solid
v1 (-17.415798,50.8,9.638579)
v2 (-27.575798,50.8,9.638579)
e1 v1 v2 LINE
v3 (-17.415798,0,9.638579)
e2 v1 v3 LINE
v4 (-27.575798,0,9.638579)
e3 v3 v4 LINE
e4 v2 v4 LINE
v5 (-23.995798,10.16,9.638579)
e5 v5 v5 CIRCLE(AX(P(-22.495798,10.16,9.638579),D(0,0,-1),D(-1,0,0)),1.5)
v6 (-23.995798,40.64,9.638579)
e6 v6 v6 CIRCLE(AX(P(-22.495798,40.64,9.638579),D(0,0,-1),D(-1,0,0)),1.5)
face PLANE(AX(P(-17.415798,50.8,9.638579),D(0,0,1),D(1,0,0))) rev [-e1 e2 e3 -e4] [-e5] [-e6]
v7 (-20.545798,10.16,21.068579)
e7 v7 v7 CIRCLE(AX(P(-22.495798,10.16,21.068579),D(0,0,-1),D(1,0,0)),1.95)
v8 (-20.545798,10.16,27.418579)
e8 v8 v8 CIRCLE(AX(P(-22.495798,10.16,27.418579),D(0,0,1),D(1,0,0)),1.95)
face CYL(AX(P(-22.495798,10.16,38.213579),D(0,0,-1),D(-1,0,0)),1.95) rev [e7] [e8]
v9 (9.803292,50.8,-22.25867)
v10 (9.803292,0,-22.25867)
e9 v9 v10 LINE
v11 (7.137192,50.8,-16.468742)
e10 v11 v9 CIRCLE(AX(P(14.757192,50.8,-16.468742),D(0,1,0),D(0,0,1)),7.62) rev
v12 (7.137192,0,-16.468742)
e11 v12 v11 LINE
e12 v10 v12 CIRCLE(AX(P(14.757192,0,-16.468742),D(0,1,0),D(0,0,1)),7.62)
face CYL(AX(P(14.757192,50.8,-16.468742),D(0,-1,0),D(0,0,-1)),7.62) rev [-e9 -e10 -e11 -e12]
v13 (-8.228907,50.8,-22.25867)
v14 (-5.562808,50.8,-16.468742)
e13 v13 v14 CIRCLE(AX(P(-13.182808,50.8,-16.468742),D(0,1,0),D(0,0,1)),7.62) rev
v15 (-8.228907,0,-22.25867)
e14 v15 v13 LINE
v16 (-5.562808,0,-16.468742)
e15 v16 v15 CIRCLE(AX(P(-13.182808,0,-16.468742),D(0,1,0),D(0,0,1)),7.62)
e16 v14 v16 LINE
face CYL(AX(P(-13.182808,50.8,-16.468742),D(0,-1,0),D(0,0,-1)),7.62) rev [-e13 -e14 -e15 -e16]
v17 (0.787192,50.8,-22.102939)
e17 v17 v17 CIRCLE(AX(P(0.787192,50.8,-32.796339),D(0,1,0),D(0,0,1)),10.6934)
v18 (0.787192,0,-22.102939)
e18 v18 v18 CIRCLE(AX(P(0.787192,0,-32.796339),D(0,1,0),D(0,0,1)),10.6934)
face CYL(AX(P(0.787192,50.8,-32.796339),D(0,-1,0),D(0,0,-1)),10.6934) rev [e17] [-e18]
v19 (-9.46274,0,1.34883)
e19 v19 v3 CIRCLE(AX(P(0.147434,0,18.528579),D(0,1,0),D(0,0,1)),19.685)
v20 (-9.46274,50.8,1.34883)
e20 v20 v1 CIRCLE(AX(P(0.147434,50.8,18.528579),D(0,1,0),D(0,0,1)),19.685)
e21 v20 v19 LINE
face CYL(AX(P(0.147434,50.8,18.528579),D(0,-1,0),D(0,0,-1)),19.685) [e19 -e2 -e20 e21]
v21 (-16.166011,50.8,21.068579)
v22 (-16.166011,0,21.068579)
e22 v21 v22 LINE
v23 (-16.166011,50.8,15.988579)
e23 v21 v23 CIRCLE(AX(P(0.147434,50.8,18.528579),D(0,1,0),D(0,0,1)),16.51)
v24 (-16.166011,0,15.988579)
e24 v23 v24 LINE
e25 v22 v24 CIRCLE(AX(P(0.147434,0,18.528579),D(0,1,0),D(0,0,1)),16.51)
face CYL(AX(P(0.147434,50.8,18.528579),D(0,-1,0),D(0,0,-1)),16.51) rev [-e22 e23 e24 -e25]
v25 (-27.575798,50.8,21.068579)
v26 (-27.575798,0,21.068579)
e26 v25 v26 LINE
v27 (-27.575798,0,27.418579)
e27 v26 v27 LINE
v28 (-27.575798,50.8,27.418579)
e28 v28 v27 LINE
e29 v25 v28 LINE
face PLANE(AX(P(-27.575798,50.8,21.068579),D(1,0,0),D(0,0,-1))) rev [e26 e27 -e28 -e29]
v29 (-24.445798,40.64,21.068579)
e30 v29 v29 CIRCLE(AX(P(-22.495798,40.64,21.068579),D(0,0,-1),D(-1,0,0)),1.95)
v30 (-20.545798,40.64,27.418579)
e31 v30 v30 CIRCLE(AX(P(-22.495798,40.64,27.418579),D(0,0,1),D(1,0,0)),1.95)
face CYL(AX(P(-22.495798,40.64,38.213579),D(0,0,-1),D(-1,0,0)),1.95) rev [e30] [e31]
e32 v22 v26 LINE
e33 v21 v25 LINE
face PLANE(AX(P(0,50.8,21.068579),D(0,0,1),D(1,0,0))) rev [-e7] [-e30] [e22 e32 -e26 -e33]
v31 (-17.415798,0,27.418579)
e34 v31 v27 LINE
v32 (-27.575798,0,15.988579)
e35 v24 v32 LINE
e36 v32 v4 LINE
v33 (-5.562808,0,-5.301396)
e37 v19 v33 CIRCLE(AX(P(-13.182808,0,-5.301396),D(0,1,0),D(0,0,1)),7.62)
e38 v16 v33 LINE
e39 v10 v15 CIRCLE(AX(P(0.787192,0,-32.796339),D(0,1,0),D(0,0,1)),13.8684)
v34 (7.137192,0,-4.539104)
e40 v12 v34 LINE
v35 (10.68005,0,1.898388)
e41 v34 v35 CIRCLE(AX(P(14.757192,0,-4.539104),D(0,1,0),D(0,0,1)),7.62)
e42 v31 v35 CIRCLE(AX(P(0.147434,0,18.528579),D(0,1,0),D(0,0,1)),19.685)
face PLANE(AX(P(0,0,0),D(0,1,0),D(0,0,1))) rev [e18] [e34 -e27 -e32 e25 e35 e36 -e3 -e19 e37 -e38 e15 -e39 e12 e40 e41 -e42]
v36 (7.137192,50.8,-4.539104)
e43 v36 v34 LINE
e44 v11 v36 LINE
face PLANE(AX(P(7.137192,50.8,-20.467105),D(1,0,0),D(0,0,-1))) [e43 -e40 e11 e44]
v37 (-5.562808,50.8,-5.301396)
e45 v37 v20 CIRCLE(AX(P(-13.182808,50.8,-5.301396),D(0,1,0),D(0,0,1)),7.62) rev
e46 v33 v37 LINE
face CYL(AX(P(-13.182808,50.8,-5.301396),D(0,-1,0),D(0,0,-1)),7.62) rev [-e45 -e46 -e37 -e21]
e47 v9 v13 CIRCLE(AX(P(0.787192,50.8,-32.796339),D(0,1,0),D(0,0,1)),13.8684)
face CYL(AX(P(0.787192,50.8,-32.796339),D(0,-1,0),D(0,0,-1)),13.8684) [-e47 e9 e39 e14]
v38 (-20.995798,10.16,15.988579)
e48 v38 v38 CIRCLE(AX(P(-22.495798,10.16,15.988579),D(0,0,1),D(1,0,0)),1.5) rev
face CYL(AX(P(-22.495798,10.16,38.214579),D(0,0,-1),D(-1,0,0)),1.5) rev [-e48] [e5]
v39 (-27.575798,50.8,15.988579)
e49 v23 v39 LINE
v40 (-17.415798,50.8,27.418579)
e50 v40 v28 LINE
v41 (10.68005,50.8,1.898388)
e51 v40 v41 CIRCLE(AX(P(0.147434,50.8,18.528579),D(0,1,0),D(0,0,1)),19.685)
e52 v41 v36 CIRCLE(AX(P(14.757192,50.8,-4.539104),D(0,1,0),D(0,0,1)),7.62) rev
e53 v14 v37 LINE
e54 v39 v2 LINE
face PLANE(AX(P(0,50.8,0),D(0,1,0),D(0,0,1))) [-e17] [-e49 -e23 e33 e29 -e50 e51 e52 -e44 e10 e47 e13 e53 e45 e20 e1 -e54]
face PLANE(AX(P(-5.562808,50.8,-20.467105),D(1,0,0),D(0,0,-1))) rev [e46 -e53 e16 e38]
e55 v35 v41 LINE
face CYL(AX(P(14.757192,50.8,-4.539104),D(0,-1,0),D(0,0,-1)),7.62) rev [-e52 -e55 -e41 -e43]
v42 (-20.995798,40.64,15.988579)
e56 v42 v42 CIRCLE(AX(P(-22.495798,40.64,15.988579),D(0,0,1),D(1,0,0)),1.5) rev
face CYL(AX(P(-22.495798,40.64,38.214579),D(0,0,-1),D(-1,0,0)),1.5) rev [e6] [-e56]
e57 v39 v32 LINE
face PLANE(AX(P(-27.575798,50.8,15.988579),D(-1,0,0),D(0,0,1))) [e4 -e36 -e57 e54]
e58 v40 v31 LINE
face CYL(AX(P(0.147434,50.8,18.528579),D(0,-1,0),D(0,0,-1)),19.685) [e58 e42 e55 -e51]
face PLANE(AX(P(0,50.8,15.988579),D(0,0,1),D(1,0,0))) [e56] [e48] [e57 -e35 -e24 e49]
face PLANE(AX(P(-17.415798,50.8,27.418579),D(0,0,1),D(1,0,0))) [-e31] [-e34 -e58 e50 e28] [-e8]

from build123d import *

# Parameters (mm, degrees)
SKETCH1_R           = 10.6934
BOSS_EXTRUDE1_DEPTH = 50.8
FILLET1_R           = 7.62
SKETCH2_R           = 1.95
CUT_EXTRUDE1_DEPTH  = 90.044185298
CUT_EXTRUDE3_REACH  = 82.692
SKETCH3_R           = 1.5


with BuildPart() as part:
    # Sketch1 → Boss-Extrude1 (new body)
    with BuildSketch(Plane(origin=(0, 0, 0), x_dir=(1, 0, 0), z_dir=(0, 1, 0))):
        with BuildLine():
            Line((-27.575797838, -21.068578528), (-27.575797838, -27.418578528))
            Line((-27.575797838, -27.418578528), (-17.415797838, -27.418578528))
            ThreePointArc((-17.415797838, -27.418578528), (14.781852954, -31.694178295), (7.137192233, -0.126336551))
            Line((7.137192233, -0.126336551), (7.137192233, 20.467104736))
            ThreePointArc((7.137192233, 20.467104736), (0.787192233, 46.664739041), (-5.562807767, 20.467104736))
            Line((-5.562807767, 20.467104736), (-5.562807767, 0.310008465))
            ThreePointArc((-5.562807767, 0.310008465), (-12.507890511, -3.450714702), (-17.415797838, -9.638578528))
            Line((-17.415797838, -9.638578528), (-27.575797838, -9.638578528))
            Line((-27.575797838, -9.638578528), (-27.575797838, -15.988578528))
            Line((-27.575797838, -15.988578528), (-16.166011022, -15.988578528))
            ThreePointArc((-16.166011022, -15.988578528), (16.657434353, -18.528578528), (-16.166011022, -21.068578528))
            Line((-16.166011022, -21.068578528), (-27.575797838, -21.068578528))
        make_face()
        with Locations(Location((0.787192233, 32.796339041, 0), (0, 0, 270))):
            Circle(SKETCH1_R, mode=Mode.SUBTRACT)
    extrude(amount=BOSS_EXTRUDE1_DEPTH)

    # Fillet1
    fillet1_edges = [part.edges().sort_by_distance(p)[0] for p in [
        (-5.562807767, 25.4, -0.310008465),
        (7.137192233, 25.4, 0.126336551),
        (-5.562807767, 25.4, -20.467104736),
        (7.137192233, 25.4, -20.467104736),
    ]]
    fillet(fillet1_edges, radius=FILLET1_R)

    # Sketch2 → Cut-Extrude1 (cut, through all)
    with BuildSketch(Plane(origin=(0, 0, 21.068578528), x_dir=(-1, 0, 0), z_dir=(0, 0, -1))):
        with Locations((22.495797838, 40.64)):
            Circle(SKETCH2_R)
        with Locations(Location((22.495797838, 10.16, 0), (0, 0, 180))):
            Circle(SKETCH2_R)
    extrude(amount=-CUT_EXTRUDE1_DEPTH, mode=Mode.SUBTRACT)

    # Sketch3 → Cut-Extrude3 (cut, up to next)
    with BuildSketch(Plane(origin=(0, 0, 9.638578528), x_dir=(-1, 0, 0), z_dir=(0, 0, -1)), mode=Mode.PRIVATE) as cut_extrude3_sk1:
        with Locations((22.495797838, 10.16)):
            Circle(SKETCH3_R)
    cut_extrude3_tool1 = extrude(cut_extrude3_sk1.sketch, amount=-CUT_EXTRUDE3_REACH, mode=Mode.PRIVATE) & part.part
    # Sketch3 → Cut-Extrude3 (cut, up to next)
    with BuildSketch(Plane(origin=(0, 0, 9.638578528), x_dir=(-1, 0, 0), z_dir=(0, 0, -1)), mode=Mode.PRIVATE) as cut_extrude3_sk2:
        with Locations((22.495797838, 40.64)):
            Circle(SKETCH3_R)
    cut_extrude3_tool2 = extrude(cut_extrude3_sk2.sketch, amount=-CUT_EXTRUDE3_REACH, mode=Mode.PRIVATE) & part.part
    add(cut_extrude3_tool1.solids().sort_by_distance((-22.495798, 10.16, 9.638579))[0], mode=Mode.SUBTRACT)
    add(cut_extrude3_tool2.solids().sort_by_distance((-22.495798, 40.64, 9.638579))[0], mode=Mode.SUBTRACT)


solid = part.part
